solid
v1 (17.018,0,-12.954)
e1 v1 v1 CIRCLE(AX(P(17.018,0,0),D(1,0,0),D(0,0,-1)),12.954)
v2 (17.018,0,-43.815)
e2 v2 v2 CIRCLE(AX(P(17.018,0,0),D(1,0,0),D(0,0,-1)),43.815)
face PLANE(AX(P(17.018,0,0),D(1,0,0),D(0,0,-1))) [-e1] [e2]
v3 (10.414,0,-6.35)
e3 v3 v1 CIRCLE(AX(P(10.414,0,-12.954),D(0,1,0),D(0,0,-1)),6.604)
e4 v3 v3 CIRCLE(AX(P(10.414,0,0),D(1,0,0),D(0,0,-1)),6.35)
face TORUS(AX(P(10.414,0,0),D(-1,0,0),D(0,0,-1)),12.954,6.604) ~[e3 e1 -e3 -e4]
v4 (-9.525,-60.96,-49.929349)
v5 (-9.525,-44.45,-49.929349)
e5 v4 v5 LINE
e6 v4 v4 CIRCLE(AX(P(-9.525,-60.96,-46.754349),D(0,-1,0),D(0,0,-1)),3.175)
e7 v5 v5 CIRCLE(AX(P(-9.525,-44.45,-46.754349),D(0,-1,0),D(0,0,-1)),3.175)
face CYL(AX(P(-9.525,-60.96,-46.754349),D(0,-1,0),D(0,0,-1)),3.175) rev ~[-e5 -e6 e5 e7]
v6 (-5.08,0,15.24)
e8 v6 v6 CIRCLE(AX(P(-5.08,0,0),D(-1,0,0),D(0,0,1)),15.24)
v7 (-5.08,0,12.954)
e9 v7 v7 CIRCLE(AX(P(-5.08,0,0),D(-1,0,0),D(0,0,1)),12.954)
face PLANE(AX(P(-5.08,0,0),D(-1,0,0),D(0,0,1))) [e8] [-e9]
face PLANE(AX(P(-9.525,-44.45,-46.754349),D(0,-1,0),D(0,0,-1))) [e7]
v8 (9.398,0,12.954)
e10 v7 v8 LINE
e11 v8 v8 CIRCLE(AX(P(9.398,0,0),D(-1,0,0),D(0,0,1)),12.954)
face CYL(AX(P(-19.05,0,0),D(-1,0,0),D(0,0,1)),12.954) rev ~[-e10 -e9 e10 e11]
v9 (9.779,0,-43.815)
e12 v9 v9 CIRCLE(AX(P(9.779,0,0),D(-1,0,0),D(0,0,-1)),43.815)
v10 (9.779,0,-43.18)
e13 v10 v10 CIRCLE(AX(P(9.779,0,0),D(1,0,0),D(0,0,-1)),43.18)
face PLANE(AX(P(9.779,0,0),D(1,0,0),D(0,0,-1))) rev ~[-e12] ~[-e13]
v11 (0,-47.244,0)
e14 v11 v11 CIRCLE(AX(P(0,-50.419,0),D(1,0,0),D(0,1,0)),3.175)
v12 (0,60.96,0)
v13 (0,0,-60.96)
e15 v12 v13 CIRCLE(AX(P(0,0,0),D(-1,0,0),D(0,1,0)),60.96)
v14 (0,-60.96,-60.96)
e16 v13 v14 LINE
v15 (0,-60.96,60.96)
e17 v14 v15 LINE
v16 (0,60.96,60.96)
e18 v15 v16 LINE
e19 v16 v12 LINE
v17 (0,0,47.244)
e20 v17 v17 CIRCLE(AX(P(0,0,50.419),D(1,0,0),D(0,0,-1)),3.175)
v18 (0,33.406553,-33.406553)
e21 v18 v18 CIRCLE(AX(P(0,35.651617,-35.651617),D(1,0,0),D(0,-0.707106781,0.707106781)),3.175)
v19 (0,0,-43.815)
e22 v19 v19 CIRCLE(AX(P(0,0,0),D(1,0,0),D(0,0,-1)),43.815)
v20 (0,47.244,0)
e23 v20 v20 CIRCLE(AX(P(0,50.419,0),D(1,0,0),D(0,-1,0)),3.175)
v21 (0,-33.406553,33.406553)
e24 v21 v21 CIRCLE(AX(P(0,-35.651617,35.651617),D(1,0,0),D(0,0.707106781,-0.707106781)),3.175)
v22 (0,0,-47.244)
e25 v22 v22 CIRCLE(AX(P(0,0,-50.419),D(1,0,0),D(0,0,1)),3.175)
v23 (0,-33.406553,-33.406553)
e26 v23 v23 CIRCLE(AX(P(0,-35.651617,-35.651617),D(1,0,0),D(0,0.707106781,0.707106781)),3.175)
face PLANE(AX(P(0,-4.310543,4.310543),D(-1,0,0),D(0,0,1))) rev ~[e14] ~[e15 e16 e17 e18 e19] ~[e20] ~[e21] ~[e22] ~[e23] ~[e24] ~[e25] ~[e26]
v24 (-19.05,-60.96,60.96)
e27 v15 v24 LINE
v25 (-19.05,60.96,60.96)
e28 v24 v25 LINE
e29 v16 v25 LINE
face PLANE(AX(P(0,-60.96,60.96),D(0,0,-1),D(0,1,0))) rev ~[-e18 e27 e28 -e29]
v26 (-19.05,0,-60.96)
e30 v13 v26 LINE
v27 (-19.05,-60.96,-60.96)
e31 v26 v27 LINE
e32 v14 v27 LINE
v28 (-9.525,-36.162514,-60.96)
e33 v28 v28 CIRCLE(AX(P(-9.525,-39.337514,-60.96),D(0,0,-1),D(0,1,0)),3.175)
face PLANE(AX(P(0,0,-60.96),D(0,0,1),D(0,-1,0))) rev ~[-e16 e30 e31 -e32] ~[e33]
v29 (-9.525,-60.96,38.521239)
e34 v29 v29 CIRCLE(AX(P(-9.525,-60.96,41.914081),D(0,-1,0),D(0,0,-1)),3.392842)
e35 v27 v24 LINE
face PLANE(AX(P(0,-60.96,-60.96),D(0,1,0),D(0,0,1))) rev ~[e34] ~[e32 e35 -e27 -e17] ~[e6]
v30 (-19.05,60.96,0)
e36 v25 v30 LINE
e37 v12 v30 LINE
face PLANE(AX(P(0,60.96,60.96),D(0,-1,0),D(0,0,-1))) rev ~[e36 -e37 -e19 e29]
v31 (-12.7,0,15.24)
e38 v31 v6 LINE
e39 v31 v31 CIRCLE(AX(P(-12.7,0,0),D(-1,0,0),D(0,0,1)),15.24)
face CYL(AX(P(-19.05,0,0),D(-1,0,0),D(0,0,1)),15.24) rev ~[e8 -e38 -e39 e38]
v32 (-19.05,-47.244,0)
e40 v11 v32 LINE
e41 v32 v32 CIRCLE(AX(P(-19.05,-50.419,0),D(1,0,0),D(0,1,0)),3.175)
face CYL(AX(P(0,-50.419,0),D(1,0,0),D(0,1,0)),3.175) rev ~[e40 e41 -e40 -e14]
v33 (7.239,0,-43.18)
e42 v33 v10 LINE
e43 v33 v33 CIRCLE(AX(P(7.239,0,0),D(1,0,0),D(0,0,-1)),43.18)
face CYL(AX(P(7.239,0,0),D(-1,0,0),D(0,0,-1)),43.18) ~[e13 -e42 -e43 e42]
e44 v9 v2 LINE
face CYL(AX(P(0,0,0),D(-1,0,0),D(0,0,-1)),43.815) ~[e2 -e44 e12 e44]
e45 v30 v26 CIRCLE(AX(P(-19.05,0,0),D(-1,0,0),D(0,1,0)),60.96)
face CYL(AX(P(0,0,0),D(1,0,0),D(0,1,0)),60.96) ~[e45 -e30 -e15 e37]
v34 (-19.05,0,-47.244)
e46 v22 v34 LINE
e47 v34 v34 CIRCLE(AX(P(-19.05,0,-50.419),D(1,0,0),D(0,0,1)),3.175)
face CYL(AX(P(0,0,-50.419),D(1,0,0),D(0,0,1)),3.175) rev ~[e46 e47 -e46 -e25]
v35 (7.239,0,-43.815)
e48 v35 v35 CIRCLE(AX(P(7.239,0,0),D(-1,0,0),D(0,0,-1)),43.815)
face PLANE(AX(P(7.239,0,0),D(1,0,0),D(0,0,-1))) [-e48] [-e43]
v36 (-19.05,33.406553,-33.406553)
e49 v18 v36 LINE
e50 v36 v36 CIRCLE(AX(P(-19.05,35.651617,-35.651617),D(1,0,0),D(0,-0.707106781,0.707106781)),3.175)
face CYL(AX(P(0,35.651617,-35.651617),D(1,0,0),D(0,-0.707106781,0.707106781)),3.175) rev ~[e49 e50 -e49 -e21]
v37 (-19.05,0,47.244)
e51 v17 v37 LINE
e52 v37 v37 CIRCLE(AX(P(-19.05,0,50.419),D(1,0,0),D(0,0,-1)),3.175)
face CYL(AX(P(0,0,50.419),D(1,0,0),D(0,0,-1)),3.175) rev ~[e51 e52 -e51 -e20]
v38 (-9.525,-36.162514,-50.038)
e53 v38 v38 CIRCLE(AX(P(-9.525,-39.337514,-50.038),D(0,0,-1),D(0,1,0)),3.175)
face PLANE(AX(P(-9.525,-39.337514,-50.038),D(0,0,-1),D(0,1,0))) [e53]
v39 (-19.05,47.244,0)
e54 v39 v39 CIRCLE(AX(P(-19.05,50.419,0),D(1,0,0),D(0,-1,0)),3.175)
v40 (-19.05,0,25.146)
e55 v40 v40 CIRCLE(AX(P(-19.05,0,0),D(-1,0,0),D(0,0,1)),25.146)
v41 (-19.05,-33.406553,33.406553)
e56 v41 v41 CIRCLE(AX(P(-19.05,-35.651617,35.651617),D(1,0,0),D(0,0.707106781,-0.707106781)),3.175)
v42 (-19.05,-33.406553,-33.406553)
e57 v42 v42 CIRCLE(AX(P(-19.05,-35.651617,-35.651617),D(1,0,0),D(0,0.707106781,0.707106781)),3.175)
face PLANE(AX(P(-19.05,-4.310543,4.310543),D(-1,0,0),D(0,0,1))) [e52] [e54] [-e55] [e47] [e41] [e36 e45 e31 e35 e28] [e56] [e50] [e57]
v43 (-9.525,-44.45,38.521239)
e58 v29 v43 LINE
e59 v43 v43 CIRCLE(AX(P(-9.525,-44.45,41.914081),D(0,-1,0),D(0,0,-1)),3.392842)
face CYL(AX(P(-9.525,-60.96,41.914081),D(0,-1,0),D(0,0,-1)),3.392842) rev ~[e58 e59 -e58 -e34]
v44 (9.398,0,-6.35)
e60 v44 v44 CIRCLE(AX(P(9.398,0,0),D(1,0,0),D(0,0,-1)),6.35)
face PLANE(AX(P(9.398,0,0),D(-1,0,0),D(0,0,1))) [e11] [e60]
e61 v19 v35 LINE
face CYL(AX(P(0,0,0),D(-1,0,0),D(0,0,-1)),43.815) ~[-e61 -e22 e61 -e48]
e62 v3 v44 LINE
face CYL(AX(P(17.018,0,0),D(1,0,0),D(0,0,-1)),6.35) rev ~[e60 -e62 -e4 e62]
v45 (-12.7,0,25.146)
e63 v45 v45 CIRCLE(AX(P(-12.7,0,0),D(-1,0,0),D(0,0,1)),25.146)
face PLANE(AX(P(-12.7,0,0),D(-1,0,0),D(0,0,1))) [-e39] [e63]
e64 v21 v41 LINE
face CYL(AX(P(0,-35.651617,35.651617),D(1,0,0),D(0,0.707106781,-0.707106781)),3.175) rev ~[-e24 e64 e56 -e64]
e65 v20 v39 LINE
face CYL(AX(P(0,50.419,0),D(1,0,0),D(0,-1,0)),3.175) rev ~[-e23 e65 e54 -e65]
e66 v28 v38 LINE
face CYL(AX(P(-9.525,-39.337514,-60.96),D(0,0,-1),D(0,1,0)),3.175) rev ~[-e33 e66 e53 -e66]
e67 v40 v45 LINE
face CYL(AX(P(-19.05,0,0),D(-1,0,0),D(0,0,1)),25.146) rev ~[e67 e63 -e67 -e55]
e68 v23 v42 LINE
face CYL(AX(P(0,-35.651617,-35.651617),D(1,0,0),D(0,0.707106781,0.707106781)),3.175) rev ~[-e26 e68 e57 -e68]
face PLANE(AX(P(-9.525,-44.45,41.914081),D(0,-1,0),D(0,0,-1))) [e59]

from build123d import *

# Parameters (mm, degrees)
SKETCH1_R                     = 43.815
HOUSING_FITTING_EXTRUDE_DEPTH = 17.018
HOUSING_BODY_1_DEPTH          = 19.05
SKETCH3_R                     = 6.35
IMPELLER_BORE_DEPTH           = 17.018
SKETCH4_R                     = 4
SHAFT_BORE_DEPTH              = 70.612
O_RING_CUT_DEPTH              = 1.27
O_RING_CUT_DEPTH_BACK         = 1.27
SKETCH5_R                     = 43.942
SKETCH5_R_2                   = 43.18
SKETCH12_R                    = 3.175
CUT_EXTRUDE2_DEPTH            = 19.05
CIRPATTERN1_COUNT             = 8
SKETCH14_R                    = 3.175
SKETCH14_R_2                  = 3.392842108
CUT_EXTRUDE4_DEPTH            = 16.51
SKETCH15_R                    = 3.175
CUT_EXTRUDE5_DEPTH            = 10.922
FILLET1_R                     = 6.604
SKETCH16_R                    = 12.954
CUT_EXTRUDE7_DEPTH            = 28.448
SKETCH17_R                    = 15.24
CUT_EXTRUDE8_DEPTH            = 13.97
SKETCH20_R                    = 25.146
CUT_EXTRUDE11_DEPTH           = 6.35


with BuildPart() as part:
    # Sketch1 → Housing Fitting Extrude (new body)
    with BuildSketch(Plane(origin=(0, 0, 0), x_dir=(0, 0, -1), z_dir=(1, 0, 0))):
        Circle(SKETCH1_R)
    extrude(amount=HOUSING_FITTING_EXTRUDE_DEPTH)

    # Sketch2 → Housing Body 1 (add)
    with BuildSketch(Plane.ZY):
        with BuildLine():
            Line((60.96, 0), (60.96, 60.96))
            Line((60.96, 60.96), (0, 60.96))
            ThreePointArc((0, 60.96), (-43.105229381, 43.105229381), (-60.96, 0))
            Line((-60.96, 0), (-60.96, -54.61))
            Line((-60.96, -54.61), (-60.96, -60.96))
            Line((-60.96, -60.96), (60.96, -60.96))
            Line((60.96, -60.96), (60.96, -54.61))
            Line((60.96, -54.61), (60.96, 0))
        make_face()
    extrude(amount=HOUSING_BODY_1_DEPTH)

    # Sketch3 → Impeller Bore (cut)
    with BuildSketch(Plane(origin=(17.018, 0, 0), x_dir=(0, 0, -1), z_dir=(1, 0, 0))):
        Circle(SKETCH3_R)
    extrude(amount=-IMPELLER_BORE_DEPTH, mode=Mode.SUBTRACT)

    # Sketch4 → Shaft Bore (cut)
    with BuildSketch(Plane(origin=(0, 0, 0), x_dir=(0, 0, -1), z_dir=(1, 0, 0))):
        Circle(SKETCH4_R)
    extrude(amount=-SHAFT_BORE_DEPTH, mode=Mode.SUBTRACT)

    # Sketch5 → O-Ring Cut (cut, two sides: drawn at the far end of the back side and taken through both)
    with BuildSketch(Plane(origin=(8.509, 0, 0), x_dir=(0, 0, -1), z_dir=(1, 0, 0)).offset(-O_RING_CUT_DEPTH_BACK)):
        Circle(SKETCH5_R)
        Circle(SKETCH5_R_2, mode=Mode.SUBTRACT)
    extrude(amount=O_RING_CUT_DEPTH + O_RING_CUT_DEPTH_BACK, mode=Mode.SUBTRACT)

    # Sketch12 → Cut-Extrude2 (cut)
    with BuildSketch(Plane(origin=(0, 0, 0), x_dir=(0, 0, -1), z_dir=(1, 0, 0))):
        with Locations((-50.419, 0)):
            Circle(SKETCH12_R)
    cut_extrude2 = extrude(amount=-CUT_EXTRUDE2_DEPTH, mode=Mode.SUBTRACT)

    # CirPattern1: Cut-Extrude2 ×8 about axis, 1 skipped
    cirpattern1_axis = Axis((0, 0, 0), (1, 0, 0))
    add([cut_extrude2.rotate(cirpattern1_axis, i * 360 / CIRPATTERN1_COUNT) for i in range(1, CIRPATTERN1_COUNT) if i not in (7,)], mode=Mode.SUBTRACT)

    # Sketch14 → Cut-Extrude4 (cut)
    with BuildSketch(Plane.XZ.offset(60.96)):
        with Locations(Location((-9.525, -46.754349092, 0), (0, 0, 270))):
            Circle(SKETCH14_R)
        with Locations(Location((-9.525, 41.914080666, 0), (0, 0, 270))):
            Circle(SKETCH14_R_2)
    extrude(amount=-CUT_EXTRUDE4_DEPTH, mode=Mode.SUBTRACT)

    # Sketch15 → Cut-Extrude5 (cut)
    with BuildSketch(Plane(origin=(0, 0, -60.96), x_dir=(-1, 0, 0), z_dir=(0, 0, -1))):
        with Locations(Location((9.525, -39.337514031, 0), (0, 0, 90))):
            Circle(SKETCH15_R)
    extrude(amount=-CUT_EXTRUDE5_DEPTH, mode=Mode.SUBTRACT)

    # Fillet1
    fillet1_edges = [part.edges().sort_by_distance(p)[0] for p in [
        (17.018, 0, 6.35),
    ]]
    fillet(fillet1_edges, radius=FILLET1_R)

    # Sketch16 → Cut-Extrude7 (cut)
    with BuildSketch(Plane.ZY.offset(19.05)):
        Circle(SKETCH16_R)
    extrude(amount=-CUT_EXTRUDE7_DEPTH, mode=Mode.SUBTRACT)

    # Sketch17 → Cut-Extrude8 (cut)
    with BuildSketch(Plane.ZY.offset(19.05)):
        Circle(SKETCH17_R)
    extrude(amount=-CUT_EXTRUDE8_DEPTH, mode=Mode.SUBTRACT)

    # Sketch20 → Cut-Extrude11 (cut)
    with BuildSketch(Plane.ZY.offset(19.05)):
        Circle(SKETCH20_R)
    extrude(amount=-CUT_EXTRUDE11_DEPTH, mode=Mode.SUBTRACT)


solid = part.part
